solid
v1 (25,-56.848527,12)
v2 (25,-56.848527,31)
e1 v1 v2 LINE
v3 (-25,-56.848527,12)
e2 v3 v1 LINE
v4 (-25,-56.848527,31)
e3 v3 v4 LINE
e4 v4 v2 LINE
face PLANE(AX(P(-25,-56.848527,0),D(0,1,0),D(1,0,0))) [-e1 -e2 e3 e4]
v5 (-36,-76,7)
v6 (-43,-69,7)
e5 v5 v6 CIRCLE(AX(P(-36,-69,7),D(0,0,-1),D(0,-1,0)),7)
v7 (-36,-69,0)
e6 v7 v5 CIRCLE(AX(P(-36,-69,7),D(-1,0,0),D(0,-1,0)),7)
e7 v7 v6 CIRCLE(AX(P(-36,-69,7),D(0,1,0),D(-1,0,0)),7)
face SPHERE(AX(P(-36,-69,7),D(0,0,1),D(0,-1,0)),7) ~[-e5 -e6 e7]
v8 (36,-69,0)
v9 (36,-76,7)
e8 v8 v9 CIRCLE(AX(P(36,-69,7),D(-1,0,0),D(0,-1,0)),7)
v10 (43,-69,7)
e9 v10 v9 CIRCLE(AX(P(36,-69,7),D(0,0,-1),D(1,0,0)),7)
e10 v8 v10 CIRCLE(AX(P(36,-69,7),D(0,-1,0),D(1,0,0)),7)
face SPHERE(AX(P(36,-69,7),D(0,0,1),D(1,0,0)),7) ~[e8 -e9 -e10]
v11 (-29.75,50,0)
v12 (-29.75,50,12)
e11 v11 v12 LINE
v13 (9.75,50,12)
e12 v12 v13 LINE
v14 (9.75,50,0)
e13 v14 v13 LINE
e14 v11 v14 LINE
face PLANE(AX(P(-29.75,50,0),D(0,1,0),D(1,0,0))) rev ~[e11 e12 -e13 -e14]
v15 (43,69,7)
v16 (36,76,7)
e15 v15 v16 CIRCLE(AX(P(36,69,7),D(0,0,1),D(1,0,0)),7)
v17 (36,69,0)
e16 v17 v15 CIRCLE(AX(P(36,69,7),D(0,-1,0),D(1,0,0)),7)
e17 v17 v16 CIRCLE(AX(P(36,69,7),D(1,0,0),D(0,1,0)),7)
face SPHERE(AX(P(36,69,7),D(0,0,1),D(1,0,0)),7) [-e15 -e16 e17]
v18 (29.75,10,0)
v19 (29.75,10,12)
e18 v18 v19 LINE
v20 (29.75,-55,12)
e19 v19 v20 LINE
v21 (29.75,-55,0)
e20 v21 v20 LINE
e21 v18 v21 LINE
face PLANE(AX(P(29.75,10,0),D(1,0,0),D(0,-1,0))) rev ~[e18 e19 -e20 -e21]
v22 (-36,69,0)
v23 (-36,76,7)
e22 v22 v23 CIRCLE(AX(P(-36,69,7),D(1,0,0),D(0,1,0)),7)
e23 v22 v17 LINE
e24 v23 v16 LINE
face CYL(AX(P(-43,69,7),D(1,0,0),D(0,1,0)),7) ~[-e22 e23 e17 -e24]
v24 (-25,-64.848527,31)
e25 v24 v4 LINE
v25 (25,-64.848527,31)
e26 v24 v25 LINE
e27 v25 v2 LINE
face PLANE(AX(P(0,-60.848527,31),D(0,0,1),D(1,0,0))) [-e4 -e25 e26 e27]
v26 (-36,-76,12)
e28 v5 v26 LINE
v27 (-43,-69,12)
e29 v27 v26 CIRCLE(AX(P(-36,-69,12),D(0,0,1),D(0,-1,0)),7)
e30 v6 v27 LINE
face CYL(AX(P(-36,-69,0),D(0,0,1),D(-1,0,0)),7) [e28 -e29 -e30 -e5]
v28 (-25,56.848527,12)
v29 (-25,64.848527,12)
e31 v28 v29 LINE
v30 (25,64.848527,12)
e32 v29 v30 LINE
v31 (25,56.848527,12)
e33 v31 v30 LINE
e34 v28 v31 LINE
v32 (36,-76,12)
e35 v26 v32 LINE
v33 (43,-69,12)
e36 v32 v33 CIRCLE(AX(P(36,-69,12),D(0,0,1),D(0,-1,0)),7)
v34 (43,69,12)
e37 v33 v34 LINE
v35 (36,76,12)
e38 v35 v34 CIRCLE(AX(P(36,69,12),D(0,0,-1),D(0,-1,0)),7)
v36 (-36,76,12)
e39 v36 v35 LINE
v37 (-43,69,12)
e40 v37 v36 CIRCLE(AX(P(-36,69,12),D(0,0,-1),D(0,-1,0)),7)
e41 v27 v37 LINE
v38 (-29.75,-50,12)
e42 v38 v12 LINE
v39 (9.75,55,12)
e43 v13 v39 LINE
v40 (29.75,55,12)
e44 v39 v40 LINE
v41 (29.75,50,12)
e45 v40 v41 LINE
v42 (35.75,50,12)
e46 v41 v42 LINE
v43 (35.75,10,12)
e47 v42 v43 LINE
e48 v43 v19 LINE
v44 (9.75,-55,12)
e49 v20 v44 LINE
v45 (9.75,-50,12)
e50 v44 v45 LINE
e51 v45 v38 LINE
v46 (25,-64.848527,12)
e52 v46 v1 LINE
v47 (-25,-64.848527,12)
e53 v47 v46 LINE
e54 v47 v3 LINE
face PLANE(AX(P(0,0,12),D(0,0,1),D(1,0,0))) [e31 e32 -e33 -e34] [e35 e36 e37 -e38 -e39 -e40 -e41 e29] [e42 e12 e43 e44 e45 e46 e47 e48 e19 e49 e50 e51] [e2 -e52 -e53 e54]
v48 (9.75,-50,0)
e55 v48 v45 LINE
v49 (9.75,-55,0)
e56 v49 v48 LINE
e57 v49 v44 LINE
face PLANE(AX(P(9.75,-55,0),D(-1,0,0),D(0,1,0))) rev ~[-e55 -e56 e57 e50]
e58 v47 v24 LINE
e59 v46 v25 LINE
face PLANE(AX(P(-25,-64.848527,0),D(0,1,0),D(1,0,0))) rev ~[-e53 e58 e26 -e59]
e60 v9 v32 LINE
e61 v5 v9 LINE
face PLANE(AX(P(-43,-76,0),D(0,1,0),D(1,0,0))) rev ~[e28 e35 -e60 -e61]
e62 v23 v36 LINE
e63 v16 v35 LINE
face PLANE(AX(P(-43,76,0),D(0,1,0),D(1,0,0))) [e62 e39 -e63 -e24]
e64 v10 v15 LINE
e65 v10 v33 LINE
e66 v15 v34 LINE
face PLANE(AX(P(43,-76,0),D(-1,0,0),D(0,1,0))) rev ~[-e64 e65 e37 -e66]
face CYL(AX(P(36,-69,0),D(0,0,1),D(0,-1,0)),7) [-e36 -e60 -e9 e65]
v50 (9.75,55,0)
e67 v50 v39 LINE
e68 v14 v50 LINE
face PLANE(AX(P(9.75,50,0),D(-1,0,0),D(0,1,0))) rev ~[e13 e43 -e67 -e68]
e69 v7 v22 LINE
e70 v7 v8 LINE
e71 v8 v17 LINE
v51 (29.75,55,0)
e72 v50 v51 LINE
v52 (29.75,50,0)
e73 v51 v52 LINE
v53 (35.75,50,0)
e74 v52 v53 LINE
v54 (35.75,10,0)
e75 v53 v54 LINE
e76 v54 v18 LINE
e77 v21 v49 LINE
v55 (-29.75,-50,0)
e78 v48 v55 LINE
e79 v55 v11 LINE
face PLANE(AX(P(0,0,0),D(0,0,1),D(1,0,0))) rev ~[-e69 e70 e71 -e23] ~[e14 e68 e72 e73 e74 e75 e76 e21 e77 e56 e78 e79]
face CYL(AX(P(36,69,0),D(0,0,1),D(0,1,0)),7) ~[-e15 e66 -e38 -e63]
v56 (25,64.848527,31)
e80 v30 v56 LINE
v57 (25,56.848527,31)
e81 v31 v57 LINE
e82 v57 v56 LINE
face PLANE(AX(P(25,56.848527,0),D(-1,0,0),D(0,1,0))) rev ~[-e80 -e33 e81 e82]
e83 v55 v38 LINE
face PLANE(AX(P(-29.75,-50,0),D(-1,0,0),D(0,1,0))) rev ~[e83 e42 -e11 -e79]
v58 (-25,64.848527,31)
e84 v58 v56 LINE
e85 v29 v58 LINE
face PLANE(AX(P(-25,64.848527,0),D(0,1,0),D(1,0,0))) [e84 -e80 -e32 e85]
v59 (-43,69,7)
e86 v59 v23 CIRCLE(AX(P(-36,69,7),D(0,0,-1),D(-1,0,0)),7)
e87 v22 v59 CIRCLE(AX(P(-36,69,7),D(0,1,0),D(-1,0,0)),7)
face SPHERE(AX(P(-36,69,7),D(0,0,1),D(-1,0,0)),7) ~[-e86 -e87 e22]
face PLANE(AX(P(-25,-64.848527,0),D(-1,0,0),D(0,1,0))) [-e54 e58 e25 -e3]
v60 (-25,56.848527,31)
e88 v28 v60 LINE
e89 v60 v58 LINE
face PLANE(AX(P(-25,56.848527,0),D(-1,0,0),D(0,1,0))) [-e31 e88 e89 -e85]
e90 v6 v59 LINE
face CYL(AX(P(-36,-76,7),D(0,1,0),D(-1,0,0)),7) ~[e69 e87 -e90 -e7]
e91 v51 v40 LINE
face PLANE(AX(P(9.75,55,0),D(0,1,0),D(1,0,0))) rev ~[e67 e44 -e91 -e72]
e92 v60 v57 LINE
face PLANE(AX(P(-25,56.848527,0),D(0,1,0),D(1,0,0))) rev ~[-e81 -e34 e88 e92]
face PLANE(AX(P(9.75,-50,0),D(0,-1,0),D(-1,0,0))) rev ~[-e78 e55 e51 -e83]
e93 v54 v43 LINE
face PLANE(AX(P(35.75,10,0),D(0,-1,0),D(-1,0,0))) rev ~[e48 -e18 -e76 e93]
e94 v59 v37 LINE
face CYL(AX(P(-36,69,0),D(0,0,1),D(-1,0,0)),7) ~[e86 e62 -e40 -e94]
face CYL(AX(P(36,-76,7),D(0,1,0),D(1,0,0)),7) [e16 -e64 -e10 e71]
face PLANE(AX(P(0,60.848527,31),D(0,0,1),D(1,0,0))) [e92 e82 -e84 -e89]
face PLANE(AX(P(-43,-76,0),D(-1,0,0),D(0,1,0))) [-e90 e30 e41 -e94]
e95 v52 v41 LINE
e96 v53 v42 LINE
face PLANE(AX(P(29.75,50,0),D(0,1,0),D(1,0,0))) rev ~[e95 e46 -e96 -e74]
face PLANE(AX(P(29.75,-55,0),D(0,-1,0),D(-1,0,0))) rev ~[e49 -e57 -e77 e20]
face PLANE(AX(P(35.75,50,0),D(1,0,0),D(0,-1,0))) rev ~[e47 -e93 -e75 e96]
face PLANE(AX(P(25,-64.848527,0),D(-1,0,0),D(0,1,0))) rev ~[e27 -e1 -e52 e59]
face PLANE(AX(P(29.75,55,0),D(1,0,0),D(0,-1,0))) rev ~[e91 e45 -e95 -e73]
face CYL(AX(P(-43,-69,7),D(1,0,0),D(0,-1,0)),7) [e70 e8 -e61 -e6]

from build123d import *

# Parameters (mm, degrees)
F0_W     = 86
F0_H     = 152
F0_W_2   = 50
F0_H_2   = 8
F1_DEPTH = 12
F2_DEPTH = 31
F3_R     = 7


with BuildPart() as f1:
    # F0 (on Top) → F1 (new body)
    with BuildSketch(Plane.XY):
        Rectangle(F0_W, F0_H)
        with Locations((0, -60.848527)):
            Rectangle(F0_W_2, F0_H_2, mode=Mode.SUBTRACT)
        Polygon((-29.75, -50), (-29.75, 50), (9.75, 50), (9.75, 55), (29.75, 55), (29.75, 50), (35.75, 50), (35.75, 10), (29.75, 10), (29.75, -50), (29.75, -55), (9.75, -55), (9.75, -50), align=None, mode=Mode.SUBTRACT)
        with Locations((0, 60.848527)):
            Rectangle(F0_W_2, F0_H_2, mode=Mode.SUBTRACT)
    extrude(amount=F1_DEPTH)

    # F0 (on Top) → F2 (join)
    with BuildSketch(Plane.XY):
        with Locations((0, 60.848527)):
            Rectangle(F0_W_2, F0_H_2)
        with Locations((0, -60.848527)):
            Rectangle(F0_W_2, F0_H_2)
    extrude(amount=F2_DEPTH)

    # F3
    f3_edges = [f1.edges().sort_by_distance(p)[0] for p in [
        (-43, -76, 6),
        (43, -76, 6),
        (43, 76, 6),
        (-43, 76, 6),
        (43, 0, 0),
        (0, -76, 0),
        (-43, 0, 0),
        (0, 76, 0),
    ]]
    fillet(f3_edges, radius=F3_R)


solid = f1.part
